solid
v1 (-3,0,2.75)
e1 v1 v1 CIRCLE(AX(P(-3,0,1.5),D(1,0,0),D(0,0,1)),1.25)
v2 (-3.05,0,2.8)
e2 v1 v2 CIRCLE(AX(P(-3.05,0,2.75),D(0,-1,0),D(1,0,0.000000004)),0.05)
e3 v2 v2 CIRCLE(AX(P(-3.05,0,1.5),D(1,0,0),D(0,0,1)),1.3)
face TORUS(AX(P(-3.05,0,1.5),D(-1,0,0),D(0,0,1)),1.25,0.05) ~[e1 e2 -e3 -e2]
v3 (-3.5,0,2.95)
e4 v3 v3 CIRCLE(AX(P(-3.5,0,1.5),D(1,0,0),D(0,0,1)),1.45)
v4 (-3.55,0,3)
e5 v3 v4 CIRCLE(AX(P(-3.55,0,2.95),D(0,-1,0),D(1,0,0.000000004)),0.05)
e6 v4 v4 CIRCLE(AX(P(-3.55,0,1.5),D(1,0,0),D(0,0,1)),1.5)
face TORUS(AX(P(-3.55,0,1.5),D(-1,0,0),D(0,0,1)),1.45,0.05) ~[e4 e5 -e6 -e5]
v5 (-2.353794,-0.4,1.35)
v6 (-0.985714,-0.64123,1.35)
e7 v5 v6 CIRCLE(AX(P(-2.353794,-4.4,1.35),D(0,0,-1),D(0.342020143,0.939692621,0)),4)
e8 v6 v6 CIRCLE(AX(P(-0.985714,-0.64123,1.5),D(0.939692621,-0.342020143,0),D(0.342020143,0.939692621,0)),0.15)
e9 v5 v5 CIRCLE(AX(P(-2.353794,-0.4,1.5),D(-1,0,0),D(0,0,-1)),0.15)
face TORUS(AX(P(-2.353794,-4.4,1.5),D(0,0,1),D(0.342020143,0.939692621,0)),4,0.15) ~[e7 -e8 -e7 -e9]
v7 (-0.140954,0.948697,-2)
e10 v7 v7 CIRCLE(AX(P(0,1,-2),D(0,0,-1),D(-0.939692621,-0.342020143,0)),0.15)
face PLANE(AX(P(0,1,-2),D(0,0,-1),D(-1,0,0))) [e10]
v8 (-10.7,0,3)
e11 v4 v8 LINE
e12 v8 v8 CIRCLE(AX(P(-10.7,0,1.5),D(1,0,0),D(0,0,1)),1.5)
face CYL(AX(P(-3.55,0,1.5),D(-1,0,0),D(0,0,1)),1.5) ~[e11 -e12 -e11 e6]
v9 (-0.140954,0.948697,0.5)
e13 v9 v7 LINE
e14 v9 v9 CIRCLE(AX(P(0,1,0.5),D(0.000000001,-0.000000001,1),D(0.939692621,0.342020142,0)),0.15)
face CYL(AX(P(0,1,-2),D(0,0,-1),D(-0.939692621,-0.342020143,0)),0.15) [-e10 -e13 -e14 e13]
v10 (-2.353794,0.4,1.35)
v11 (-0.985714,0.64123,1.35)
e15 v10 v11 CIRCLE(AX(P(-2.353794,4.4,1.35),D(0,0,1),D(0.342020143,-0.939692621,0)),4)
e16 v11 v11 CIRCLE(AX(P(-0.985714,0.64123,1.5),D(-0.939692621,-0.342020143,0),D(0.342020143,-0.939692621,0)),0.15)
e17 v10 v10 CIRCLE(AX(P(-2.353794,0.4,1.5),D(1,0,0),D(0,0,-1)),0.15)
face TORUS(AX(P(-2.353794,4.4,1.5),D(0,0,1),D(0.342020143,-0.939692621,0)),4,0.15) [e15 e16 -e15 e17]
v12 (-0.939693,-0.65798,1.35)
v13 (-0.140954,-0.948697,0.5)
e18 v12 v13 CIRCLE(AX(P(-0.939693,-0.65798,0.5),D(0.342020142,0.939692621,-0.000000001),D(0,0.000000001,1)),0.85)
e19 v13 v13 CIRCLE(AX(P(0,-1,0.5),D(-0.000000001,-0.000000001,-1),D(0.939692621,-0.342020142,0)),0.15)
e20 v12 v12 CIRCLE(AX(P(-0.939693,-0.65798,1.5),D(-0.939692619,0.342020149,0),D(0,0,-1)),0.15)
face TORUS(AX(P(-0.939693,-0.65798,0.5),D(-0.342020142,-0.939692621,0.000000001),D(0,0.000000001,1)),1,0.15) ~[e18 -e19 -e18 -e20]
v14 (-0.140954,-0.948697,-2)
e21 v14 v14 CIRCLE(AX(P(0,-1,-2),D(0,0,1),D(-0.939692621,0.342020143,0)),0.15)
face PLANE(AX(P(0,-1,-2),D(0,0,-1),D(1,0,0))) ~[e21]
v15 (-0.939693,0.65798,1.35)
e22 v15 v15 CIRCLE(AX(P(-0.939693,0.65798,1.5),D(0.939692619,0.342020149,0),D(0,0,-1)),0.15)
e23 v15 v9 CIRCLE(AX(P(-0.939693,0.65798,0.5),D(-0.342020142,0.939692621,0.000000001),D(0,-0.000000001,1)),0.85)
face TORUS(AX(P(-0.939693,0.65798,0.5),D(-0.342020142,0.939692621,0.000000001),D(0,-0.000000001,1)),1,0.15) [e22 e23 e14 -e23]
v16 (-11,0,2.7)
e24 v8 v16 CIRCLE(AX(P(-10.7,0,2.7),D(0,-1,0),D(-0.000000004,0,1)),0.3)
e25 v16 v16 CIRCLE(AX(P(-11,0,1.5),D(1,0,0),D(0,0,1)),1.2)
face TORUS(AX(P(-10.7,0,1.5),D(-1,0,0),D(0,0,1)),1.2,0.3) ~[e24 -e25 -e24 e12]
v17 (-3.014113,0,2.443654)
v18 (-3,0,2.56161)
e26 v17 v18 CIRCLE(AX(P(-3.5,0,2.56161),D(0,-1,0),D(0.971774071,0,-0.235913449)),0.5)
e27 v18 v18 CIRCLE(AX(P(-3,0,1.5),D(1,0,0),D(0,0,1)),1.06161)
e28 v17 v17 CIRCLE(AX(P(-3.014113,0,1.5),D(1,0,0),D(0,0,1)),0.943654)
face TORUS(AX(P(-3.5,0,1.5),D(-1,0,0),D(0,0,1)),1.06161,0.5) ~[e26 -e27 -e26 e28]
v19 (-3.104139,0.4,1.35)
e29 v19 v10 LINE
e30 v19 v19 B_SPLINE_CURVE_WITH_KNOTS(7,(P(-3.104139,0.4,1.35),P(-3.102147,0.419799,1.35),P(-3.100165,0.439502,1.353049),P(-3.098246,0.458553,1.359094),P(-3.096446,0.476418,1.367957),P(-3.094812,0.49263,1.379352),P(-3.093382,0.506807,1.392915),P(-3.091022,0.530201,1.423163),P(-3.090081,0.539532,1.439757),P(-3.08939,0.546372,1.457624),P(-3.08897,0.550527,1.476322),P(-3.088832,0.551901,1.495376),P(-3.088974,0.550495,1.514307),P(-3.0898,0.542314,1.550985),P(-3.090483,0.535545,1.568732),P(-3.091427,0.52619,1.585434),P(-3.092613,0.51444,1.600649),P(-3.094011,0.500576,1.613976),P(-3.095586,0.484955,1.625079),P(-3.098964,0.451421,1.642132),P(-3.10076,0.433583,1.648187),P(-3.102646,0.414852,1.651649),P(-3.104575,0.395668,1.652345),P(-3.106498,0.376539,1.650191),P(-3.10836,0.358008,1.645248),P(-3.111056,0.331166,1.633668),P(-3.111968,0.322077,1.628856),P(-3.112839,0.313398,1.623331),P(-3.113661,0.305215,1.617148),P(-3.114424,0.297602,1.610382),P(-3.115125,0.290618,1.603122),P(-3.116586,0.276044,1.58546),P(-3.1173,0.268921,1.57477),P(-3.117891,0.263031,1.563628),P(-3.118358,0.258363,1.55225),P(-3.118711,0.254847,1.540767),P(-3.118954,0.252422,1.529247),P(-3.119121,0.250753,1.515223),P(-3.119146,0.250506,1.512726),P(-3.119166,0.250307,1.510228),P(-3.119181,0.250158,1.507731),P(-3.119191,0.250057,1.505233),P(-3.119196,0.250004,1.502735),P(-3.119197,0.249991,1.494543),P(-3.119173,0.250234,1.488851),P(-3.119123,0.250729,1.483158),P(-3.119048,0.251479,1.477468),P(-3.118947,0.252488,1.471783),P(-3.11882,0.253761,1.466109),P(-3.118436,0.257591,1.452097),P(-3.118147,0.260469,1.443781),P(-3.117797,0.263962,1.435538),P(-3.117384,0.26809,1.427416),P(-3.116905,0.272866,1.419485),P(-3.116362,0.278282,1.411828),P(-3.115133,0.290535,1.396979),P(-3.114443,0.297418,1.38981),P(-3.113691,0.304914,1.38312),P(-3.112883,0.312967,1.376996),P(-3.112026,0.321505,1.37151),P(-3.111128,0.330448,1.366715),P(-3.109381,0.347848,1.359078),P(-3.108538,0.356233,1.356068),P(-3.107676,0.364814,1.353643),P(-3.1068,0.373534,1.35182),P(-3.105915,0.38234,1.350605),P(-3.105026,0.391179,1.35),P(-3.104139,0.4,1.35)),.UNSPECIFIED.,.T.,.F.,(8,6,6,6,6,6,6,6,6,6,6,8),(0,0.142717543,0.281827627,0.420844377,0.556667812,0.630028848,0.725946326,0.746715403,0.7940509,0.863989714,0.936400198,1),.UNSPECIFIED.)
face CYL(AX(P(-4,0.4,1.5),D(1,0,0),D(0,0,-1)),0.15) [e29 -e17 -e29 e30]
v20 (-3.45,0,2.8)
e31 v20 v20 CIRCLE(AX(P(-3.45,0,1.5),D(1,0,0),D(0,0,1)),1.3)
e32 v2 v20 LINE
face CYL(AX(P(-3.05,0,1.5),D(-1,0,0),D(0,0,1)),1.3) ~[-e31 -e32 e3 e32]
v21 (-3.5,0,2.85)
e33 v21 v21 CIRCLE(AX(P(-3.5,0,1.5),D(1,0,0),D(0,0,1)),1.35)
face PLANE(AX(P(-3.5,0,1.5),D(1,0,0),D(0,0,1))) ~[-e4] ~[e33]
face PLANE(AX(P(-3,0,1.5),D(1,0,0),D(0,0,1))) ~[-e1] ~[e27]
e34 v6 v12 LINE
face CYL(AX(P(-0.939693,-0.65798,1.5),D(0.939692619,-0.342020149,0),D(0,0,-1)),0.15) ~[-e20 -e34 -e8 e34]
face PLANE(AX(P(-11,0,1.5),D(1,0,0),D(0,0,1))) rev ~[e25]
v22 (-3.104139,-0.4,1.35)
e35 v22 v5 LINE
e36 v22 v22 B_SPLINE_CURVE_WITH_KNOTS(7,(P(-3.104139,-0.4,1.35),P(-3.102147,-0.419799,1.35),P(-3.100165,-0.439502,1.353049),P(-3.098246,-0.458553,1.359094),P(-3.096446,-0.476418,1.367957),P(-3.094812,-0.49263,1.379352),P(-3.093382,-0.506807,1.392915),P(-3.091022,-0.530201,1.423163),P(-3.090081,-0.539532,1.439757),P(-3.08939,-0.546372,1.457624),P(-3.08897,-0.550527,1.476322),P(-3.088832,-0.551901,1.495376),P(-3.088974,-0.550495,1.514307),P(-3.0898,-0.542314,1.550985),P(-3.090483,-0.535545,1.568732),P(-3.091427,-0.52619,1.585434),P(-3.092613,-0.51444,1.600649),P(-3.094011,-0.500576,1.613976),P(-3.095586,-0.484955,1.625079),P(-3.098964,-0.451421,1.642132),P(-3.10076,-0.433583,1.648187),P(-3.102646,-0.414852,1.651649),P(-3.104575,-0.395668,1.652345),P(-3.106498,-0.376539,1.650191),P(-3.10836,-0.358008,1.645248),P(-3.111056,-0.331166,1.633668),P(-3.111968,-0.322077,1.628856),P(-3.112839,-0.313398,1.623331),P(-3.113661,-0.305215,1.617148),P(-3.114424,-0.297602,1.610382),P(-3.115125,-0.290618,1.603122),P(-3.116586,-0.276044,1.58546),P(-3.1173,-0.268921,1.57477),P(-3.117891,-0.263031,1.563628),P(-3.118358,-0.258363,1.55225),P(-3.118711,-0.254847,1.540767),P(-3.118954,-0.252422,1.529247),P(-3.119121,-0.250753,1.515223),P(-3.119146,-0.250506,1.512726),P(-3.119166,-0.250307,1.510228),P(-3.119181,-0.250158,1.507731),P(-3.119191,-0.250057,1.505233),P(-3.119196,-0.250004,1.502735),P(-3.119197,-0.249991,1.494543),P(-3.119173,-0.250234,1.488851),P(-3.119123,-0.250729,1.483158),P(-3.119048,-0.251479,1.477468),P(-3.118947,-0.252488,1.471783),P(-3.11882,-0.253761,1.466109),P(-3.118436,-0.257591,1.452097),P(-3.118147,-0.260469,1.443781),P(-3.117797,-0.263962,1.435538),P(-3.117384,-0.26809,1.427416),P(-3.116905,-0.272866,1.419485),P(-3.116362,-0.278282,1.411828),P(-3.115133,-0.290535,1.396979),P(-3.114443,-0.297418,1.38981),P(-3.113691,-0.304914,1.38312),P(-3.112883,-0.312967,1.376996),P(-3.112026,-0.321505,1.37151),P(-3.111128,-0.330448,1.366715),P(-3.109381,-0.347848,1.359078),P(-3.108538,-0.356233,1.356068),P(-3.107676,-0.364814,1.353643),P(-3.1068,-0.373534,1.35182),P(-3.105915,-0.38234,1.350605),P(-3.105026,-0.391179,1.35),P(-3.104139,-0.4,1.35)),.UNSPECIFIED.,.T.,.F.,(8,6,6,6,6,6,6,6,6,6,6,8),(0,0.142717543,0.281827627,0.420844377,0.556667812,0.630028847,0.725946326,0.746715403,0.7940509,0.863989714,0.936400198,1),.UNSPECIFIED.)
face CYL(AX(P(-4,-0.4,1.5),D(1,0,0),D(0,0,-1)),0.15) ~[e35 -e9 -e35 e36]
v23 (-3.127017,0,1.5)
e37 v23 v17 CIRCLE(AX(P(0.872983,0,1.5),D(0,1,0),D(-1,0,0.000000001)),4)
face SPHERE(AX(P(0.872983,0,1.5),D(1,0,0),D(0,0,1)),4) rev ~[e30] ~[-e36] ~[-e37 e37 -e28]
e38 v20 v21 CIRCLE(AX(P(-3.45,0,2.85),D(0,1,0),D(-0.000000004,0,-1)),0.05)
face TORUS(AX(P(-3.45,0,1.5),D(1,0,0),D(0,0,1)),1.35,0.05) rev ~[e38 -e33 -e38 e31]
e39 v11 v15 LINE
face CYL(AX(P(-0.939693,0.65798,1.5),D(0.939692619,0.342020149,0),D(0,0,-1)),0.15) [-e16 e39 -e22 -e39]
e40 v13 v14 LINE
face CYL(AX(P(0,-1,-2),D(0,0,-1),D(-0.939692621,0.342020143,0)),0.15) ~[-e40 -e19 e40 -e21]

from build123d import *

# Parameters (mm, degrees)
SKETCH_2_R = 0.15


with BuildPart() as part:
    # Эскиз1 → Повернуть1 (revolve)
    with BuildSketch(Plane(origin=(0, 0, 0), x_dir=(1, 0, 0), z_dir=(0, 1, 0))):
        with BuildLine():
            Line((-3, -2.561610406), (-3, -2.75))
            ThreePointArc((-3, -2.75), (-3.014644661, -2.785355339), (-3.05, -2.8))
            Line((-3.05, -2.8), (-3.45, -2.8))
            ThreePointArc((-3.45, -2.8), (-3.485355339, -2.814644661), (-3.5, -2.85))
            Line((-3.5, -2.85), (-3.5, -2.95))
            ThreePointArc((-3.5, -2.95), (-3.514644661, -2.985355339), (-3.55, -3))
            Line((-3.55, -3), (-10.7, -3))
            ThreePointArc((-10.7, -3), (-10.912132034, -2.912132034), (-11, -2.7))
            Line((-11, -2.7), (-11, -1.5))
            Line((-11, -1.5), (-3.127016654, -1.5))
            ThreePointArc((-3.127016654, -1.5), (-3.098690434, -1.975191945), (-3.014112962, -2.443653694))
            ThreePointArc((-3.014112962, -2.443653694), (-3.003540777, -2.502211413), (-3, -2.561610406))
        make_face()
    revolve(axis=Axis((-1006.267886419, 0, 1.5), (1, 0, 0)))

    # По траектории1: sweep along a curve in space
    with BuildLine() as sweep_1_path:
        Line((-4, 0.4, 1.5), (-2.353794375, 0.4, 1.5))
        ThreePointArc((-0.985713801, 0.641229517, 1.5), (-1.659201664, 0.460768988, 1.5), (-2.353794375, 0.4, 1.5))
        Line((-0.939692621, 0.657979857, 1.5), (-0.985713801, 0.641229517, 1.5))
        ThreePointArc((-0.939692621, 0.657979857, 1.5), (-0.275229596, 0.899824619, 1.207106781), (0, 1, 0.5))
        Line((0, 1, -2), (0, 1, 0.5))
    # Эскиз2 → По траектории1 (sweep)
    with BuildSketch(Plane(origin=(-4, 0, 0), x_dir=(0, 0, -1), z_dir=(1, 0, 0))):
        with Locations((-1.5, 0.4)):
            Circle(SKETCH_2_R)
    sweep_1 = sweep(path=sweep_1_path.line)

    # Зеркальное отражение1: По траектории1 across plane
    add(sweep_1.mirror(Plane.ZX))


solid = part.part
